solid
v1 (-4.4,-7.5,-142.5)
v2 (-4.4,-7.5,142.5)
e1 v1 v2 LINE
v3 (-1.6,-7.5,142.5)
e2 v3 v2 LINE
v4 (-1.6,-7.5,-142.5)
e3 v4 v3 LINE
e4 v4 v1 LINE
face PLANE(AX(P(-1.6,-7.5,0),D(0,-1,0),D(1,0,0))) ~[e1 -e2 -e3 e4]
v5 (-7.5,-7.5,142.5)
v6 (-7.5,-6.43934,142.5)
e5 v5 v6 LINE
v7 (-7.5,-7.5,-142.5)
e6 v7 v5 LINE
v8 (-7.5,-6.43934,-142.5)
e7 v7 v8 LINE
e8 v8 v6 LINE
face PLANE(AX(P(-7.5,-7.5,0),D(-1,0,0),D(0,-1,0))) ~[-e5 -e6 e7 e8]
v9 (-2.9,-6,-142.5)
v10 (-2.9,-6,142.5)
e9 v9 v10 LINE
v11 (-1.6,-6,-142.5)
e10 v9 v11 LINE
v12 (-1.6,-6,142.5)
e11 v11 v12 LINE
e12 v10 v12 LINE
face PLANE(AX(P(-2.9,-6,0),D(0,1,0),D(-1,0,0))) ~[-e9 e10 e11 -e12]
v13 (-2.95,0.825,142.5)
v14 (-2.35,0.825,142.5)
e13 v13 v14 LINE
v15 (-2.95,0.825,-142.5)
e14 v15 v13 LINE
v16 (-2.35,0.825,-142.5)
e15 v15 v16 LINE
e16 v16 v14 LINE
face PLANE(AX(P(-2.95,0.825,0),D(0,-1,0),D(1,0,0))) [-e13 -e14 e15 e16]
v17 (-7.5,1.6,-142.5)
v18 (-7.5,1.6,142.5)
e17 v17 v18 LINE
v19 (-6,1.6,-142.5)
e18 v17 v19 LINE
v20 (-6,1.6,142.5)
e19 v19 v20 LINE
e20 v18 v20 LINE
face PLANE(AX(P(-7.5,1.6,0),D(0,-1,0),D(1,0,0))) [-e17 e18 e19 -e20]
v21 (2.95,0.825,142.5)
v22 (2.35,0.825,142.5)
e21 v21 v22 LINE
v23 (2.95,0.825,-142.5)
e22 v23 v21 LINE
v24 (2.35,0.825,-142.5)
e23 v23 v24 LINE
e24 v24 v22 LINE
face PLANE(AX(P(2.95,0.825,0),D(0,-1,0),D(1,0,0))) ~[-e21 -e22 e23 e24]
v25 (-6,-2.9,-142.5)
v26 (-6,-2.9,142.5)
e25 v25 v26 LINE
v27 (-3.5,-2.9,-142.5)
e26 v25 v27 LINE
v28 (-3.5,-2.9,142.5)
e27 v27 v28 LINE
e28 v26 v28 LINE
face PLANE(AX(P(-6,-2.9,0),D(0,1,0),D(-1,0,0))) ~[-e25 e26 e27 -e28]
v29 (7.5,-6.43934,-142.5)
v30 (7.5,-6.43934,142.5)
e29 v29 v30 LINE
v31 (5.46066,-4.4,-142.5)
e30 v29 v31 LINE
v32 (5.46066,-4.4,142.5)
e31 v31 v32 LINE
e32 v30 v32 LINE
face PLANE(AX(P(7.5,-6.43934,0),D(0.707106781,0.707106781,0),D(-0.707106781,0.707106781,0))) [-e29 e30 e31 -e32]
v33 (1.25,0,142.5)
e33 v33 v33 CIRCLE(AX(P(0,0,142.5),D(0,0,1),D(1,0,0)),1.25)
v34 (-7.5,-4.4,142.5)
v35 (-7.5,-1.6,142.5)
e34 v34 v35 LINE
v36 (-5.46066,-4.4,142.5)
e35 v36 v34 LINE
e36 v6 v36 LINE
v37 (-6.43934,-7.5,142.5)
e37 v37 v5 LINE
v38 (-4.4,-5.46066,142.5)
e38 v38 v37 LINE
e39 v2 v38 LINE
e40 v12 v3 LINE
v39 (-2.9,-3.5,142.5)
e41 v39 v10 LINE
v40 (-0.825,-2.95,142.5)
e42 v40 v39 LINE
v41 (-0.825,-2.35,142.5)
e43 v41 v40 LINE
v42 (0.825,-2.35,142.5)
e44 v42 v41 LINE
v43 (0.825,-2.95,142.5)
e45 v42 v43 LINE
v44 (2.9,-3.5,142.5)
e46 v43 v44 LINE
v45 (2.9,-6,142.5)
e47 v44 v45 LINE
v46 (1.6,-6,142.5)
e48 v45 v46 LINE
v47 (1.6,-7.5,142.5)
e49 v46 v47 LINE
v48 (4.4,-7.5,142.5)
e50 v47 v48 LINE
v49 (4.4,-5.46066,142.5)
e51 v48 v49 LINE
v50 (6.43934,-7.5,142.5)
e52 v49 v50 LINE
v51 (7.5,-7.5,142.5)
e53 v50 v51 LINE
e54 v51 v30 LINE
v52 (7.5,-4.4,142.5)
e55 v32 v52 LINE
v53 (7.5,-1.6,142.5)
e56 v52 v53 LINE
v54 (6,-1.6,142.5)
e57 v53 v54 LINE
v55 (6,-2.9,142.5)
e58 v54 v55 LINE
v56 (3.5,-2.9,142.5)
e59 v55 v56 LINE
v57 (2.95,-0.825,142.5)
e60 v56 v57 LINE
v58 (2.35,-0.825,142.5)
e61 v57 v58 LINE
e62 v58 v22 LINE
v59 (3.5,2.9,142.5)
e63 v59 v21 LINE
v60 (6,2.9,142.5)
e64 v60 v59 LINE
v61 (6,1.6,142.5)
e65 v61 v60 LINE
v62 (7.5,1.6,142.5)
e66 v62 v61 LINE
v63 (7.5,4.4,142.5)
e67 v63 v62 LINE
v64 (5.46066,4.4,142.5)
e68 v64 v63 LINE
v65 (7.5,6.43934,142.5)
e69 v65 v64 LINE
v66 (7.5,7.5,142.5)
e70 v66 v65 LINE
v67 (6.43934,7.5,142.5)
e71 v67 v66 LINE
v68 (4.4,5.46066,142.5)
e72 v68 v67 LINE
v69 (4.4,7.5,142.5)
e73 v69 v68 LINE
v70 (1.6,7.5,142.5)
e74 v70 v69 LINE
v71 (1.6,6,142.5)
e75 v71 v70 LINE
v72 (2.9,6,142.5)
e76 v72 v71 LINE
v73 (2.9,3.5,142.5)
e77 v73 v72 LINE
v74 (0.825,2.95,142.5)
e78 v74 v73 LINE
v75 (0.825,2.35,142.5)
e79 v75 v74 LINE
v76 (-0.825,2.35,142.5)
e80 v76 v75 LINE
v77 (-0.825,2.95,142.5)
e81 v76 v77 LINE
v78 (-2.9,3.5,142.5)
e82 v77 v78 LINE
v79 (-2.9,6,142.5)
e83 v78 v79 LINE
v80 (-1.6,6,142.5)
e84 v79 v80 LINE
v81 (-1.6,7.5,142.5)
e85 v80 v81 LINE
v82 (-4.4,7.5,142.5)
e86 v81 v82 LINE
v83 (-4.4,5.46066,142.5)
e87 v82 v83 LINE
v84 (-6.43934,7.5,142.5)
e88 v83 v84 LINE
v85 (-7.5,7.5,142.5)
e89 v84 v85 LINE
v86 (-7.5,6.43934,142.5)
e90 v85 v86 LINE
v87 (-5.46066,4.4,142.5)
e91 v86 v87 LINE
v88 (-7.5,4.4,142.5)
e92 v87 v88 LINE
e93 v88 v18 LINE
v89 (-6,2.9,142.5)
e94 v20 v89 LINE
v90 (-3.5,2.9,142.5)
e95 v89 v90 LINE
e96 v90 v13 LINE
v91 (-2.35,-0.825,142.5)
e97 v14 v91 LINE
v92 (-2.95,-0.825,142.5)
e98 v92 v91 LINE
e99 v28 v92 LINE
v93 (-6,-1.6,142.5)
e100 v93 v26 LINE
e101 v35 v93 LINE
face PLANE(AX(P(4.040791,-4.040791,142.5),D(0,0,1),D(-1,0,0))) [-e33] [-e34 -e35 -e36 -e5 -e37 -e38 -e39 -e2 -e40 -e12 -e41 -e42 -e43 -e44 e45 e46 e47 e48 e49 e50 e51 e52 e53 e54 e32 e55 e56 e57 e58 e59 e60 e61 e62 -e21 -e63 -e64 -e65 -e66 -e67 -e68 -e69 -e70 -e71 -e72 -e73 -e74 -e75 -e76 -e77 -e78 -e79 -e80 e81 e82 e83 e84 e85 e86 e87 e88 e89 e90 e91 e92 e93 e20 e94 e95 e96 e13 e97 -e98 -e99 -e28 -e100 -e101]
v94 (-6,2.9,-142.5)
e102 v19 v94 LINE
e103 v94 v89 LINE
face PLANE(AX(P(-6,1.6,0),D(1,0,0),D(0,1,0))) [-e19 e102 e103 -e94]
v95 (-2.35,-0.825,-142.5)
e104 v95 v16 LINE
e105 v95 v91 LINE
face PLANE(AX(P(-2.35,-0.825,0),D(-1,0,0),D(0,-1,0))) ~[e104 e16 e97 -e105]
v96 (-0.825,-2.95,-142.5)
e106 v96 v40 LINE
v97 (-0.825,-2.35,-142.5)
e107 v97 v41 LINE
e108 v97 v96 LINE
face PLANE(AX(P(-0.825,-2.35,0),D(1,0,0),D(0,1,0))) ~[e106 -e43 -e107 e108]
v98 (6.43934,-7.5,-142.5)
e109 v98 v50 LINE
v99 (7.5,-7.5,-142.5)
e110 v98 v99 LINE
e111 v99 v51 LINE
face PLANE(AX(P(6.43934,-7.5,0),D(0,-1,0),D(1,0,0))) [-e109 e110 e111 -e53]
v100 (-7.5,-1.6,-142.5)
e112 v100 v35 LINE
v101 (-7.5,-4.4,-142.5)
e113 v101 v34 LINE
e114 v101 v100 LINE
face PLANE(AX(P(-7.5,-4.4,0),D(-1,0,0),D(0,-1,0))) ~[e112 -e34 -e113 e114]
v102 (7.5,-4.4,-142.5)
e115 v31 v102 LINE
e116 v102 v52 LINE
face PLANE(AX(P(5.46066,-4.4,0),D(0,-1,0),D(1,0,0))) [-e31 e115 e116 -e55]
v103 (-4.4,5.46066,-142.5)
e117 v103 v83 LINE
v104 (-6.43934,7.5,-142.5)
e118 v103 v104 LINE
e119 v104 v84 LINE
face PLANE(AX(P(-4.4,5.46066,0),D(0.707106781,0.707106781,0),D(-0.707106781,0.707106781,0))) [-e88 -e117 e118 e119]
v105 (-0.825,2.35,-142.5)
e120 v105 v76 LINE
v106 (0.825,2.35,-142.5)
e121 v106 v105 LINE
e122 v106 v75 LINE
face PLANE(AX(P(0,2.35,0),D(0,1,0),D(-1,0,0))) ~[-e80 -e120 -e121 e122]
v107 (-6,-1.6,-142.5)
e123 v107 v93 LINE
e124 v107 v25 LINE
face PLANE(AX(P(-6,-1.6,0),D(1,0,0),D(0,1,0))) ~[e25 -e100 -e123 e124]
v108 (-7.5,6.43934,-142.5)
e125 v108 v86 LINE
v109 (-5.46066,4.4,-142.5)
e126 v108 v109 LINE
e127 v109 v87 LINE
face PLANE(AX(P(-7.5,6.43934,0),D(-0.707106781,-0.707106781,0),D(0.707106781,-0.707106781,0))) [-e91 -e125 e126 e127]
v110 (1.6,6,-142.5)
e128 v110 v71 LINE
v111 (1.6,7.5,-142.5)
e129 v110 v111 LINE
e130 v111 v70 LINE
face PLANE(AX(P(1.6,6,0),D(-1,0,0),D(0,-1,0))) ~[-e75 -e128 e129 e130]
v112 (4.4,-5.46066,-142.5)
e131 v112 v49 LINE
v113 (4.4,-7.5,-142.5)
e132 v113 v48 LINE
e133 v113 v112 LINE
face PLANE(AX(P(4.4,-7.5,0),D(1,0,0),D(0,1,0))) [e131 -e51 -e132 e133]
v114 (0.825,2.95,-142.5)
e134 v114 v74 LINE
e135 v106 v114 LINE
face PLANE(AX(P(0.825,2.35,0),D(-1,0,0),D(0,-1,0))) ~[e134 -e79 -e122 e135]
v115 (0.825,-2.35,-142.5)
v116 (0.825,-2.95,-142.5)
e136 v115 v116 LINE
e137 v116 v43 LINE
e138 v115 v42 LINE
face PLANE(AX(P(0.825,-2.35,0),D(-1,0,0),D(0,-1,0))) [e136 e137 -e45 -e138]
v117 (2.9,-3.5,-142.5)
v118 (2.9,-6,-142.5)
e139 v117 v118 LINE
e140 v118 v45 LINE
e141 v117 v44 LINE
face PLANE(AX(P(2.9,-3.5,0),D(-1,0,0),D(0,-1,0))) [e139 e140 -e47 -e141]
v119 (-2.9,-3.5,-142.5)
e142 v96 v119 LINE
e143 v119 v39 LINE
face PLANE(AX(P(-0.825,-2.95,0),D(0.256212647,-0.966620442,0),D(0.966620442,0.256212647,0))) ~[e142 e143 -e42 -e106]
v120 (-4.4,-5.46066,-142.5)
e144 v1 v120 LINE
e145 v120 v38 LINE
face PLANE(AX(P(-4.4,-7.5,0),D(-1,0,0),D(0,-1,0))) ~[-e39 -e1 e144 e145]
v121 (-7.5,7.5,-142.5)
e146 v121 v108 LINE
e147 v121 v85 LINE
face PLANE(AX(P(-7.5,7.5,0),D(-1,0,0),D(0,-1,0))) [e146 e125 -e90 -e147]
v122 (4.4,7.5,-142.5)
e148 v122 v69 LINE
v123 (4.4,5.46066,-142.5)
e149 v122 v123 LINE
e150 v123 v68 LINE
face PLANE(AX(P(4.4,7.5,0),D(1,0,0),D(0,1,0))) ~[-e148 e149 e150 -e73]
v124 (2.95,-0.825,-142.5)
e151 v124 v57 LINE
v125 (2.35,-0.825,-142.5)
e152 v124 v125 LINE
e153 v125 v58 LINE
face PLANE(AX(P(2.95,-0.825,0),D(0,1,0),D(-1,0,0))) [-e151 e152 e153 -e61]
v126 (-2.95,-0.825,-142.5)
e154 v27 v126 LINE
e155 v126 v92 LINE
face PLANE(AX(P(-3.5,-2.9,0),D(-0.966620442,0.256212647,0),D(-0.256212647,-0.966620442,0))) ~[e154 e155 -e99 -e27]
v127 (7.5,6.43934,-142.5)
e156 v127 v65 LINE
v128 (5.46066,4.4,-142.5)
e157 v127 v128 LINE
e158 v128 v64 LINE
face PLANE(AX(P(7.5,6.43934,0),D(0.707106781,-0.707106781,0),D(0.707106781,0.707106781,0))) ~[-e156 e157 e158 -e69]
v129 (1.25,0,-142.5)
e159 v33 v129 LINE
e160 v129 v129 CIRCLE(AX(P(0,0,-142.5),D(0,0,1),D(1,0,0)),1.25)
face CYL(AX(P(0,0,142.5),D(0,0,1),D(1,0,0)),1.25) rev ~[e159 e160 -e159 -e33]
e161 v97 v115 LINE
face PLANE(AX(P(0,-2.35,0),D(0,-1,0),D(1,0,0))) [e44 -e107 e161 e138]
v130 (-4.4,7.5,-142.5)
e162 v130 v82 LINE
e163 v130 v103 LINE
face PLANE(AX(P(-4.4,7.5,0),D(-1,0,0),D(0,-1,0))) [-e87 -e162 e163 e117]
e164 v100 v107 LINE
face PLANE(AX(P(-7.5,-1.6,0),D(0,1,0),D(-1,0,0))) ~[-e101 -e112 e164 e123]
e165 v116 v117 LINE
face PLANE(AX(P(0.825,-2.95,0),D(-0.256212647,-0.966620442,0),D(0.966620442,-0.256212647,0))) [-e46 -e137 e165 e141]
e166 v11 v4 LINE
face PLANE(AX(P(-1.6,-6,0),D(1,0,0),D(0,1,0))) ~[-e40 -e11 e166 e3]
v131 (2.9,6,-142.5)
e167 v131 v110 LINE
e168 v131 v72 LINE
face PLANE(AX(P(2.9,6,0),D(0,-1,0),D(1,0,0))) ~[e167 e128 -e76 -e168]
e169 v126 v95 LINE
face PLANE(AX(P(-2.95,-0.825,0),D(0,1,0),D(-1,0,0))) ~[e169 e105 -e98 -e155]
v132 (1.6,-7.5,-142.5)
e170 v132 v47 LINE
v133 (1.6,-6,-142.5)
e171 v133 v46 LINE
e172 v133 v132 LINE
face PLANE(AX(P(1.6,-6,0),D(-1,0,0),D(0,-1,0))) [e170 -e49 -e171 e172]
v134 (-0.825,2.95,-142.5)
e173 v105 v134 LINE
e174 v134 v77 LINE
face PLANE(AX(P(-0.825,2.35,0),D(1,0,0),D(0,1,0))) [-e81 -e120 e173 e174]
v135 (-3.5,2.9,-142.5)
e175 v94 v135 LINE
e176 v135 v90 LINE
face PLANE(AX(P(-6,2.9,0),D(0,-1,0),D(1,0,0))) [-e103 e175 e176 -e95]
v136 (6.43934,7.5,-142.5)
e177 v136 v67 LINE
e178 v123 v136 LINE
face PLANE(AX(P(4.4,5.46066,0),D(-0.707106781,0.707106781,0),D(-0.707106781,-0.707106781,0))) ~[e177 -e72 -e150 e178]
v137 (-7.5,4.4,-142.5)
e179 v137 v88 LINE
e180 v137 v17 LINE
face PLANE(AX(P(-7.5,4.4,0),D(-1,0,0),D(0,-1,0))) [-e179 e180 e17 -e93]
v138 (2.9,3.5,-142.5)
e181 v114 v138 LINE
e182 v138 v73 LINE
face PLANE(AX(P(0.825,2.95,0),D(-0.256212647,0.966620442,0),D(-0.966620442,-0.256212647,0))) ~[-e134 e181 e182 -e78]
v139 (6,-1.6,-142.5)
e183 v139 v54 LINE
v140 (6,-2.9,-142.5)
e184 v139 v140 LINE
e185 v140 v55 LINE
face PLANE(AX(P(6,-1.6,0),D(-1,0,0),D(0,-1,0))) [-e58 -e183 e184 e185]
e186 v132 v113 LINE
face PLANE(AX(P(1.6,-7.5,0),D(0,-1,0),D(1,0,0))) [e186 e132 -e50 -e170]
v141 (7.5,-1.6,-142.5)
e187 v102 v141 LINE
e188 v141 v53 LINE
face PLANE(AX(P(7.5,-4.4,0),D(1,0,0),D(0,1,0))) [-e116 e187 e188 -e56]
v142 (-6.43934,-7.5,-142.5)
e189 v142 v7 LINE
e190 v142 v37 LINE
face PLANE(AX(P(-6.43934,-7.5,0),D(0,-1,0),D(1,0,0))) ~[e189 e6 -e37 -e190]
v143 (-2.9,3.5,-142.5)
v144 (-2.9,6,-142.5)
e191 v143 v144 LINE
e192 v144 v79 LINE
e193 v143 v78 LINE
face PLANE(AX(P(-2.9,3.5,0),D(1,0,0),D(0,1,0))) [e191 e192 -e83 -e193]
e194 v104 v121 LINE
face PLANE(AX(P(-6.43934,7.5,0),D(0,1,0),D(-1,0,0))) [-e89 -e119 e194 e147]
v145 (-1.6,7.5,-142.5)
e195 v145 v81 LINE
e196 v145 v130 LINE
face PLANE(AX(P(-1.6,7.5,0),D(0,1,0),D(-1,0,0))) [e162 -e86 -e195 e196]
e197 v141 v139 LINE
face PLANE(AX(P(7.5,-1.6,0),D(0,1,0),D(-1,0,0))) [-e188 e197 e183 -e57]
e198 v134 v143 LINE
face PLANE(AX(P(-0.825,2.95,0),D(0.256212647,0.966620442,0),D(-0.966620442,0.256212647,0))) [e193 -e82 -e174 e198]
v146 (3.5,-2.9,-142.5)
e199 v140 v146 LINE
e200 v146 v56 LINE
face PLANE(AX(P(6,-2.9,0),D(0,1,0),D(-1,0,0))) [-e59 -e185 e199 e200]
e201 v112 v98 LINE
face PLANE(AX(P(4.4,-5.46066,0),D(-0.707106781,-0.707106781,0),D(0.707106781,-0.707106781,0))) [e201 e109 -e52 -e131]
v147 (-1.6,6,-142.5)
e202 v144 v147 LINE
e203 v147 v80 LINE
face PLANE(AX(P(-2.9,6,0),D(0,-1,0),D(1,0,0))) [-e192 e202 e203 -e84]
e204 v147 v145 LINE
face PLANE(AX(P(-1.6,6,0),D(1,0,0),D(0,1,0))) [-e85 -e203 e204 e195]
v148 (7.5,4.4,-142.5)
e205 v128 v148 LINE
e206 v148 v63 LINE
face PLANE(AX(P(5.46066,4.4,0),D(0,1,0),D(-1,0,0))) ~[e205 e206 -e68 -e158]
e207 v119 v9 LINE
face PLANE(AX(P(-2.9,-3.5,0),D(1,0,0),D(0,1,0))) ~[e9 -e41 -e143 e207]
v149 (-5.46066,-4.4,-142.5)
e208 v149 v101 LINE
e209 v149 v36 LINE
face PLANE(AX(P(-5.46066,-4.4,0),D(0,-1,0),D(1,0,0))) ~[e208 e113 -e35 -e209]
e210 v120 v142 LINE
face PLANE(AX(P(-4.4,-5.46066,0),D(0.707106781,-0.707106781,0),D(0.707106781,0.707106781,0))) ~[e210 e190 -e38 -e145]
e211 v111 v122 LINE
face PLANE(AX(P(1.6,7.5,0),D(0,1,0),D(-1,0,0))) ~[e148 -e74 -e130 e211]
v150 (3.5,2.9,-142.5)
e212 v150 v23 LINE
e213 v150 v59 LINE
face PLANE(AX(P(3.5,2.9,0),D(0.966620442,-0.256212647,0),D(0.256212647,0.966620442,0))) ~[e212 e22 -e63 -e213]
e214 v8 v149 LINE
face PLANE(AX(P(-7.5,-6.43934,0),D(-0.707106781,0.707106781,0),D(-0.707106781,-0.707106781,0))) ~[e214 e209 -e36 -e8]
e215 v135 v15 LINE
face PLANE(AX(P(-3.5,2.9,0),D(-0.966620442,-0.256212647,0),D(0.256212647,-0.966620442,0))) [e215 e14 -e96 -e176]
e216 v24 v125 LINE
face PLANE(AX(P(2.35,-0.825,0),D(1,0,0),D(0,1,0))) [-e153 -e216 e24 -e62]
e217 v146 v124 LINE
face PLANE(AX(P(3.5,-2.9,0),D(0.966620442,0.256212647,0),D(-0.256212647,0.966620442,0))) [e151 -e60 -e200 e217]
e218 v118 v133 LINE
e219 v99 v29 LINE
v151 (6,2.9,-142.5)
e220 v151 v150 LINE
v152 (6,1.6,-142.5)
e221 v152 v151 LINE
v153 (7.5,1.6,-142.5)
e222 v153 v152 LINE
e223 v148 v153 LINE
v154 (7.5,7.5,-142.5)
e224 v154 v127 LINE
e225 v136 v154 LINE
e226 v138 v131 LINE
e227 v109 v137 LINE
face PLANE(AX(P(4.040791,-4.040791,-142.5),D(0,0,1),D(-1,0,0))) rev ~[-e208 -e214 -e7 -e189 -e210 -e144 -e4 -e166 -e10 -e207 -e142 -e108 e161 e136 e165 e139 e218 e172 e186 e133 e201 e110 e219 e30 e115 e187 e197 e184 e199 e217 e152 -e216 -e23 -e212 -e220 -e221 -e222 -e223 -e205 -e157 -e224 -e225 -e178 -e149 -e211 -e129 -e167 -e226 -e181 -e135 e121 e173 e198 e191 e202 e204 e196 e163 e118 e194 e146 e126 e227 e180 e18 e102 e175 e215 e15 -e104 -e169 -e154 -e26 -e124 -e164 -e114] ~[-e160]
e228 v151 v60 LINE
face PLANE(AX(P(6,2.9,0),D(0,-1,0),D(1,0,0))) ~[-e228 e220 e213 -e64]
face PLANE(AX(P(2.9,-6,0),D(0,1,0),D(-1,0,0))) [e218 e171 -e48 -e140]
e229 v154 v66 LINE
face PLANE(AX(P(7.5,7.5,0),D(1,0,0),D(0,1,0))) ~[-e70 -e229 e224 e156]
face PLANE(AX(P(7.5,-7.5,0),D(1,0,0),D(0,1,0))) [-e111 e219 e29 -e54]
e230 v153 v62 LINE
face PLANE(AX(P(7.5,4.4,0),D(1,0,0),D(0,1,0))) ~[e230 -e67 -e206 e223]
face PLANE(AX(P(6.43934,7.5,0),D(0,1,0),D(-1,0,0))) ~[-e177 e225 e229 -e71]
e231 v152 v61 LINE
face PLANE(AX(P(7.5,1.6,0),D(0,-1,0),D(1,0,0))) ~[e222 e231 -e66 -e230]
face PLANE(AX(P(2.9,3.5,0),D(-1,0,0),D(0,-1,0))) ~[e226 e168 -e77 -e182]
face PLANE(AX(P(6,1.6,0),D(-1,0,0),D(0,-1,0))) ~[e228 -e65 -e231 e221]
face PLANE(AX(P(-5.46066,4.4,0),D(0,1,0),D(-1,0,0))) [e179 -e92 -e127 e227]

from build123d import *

# Parameters (mm, degrees)
RESSALTO_EXTRUS_O1_DEPTH   = 142.5
ESPELHAR2_COPY_1_DEPTH     = 142.5
ESBO_O2_R                  = 1.25
CORTE_EXTRUS_O1_DEPTH      = 1
CORTE_EXTRUS_O1_DEPTH_BACK = 286


with BuildPart() as part:
    # Esboço1 → Ressalto-extrusão1 (new body, symmetric)
    with BuildSketch(Plane.XY):
        Polygon((0, 2.35), (-0.825, 2.35), (-0.825, 2.95), (-2.9, 3.5), (-2.9, 6), (-1.6, 6), (-1.6, 7.5), (-4.4, 7.5), (-4.4, 5.460660172), (-6.439339828, 7.5), (-7.5, 7.5), (-7.5, 6.439339828), (-5.460660172, 4.4), (-7.5, 4.4), (-7.5, 1.6), (-6, 1.6), (-6, 2.9), (-3.5, 2.9), (-2.95, 0.825), (-2.35, 0.825), (-2.35, 0), (0, 0), align=None)
    ressalto_extrus_o1 = extrude(amount=RESSALTO_EXTRUS_O1_DEPTH, both=True)

    # Espelhar1: Ressalto-extrusão1 across plane
    add(ressalto_extrus_o1.mirror(Plane.ZX))

    # Espelhar2: Ressalto-extrusão1 across plane
    add(ressalto_extrus_o1.mirror(Plane(origin=(0, 0, 0), x_dir=(0, 0, 1), z_dir=(1, 0, 0))))

    # Espelhar2 copy 1 sketch → Espelhar2 copy 1 (add, symmetric)
    with BuildSketch(Plane(origin=(0, 0, 0), x_dir=(-1, 0, 0), z_dir=(0, 0, 1))):
        Polygon((0, 2.35), (-0.825, 2.35), (-0.825, 2.95), (-2.9, 3.5), (-2.9, 6), (-1.6, 6), (-1.6, 7.5), (-4.4, 7.5), (-4.4, 5.460660172), (-6.439339828, 7.5), (-7.5, 7.5), (-7.5, 6.439339828), (-5.460660172, 4.4), (-7.5, 4.4), (-7.5, 1.6), (-6, 1.6), (-6, 2.9), (-3.5, 2.9), (-2.95, 0.825), (-2.35, 0.825), (-2.35, 0), (0, 0), align=None)
    extrude(amount=ESPELHAR2_COPY_1_DEPTH, both=True)

    # Esboço2 → Corte-extrusão1 (cut, two sides)
    with BuildSketch(Plane.XY.offset(142.5)) as corte_extrus_o1_sk:
        Circle(ESBO_O2_R)
    extrude(amount=CORTE_EXTRUS_O1_DEPTH, mode=Mode.SUBTRACT)
    extrude(corte_extrus_o1_sk.sketch, amount=-CORTE_EXTRUS_O1_DEPTH_BACK, mode=Mode.SUBTRACT)


solid = part.part
